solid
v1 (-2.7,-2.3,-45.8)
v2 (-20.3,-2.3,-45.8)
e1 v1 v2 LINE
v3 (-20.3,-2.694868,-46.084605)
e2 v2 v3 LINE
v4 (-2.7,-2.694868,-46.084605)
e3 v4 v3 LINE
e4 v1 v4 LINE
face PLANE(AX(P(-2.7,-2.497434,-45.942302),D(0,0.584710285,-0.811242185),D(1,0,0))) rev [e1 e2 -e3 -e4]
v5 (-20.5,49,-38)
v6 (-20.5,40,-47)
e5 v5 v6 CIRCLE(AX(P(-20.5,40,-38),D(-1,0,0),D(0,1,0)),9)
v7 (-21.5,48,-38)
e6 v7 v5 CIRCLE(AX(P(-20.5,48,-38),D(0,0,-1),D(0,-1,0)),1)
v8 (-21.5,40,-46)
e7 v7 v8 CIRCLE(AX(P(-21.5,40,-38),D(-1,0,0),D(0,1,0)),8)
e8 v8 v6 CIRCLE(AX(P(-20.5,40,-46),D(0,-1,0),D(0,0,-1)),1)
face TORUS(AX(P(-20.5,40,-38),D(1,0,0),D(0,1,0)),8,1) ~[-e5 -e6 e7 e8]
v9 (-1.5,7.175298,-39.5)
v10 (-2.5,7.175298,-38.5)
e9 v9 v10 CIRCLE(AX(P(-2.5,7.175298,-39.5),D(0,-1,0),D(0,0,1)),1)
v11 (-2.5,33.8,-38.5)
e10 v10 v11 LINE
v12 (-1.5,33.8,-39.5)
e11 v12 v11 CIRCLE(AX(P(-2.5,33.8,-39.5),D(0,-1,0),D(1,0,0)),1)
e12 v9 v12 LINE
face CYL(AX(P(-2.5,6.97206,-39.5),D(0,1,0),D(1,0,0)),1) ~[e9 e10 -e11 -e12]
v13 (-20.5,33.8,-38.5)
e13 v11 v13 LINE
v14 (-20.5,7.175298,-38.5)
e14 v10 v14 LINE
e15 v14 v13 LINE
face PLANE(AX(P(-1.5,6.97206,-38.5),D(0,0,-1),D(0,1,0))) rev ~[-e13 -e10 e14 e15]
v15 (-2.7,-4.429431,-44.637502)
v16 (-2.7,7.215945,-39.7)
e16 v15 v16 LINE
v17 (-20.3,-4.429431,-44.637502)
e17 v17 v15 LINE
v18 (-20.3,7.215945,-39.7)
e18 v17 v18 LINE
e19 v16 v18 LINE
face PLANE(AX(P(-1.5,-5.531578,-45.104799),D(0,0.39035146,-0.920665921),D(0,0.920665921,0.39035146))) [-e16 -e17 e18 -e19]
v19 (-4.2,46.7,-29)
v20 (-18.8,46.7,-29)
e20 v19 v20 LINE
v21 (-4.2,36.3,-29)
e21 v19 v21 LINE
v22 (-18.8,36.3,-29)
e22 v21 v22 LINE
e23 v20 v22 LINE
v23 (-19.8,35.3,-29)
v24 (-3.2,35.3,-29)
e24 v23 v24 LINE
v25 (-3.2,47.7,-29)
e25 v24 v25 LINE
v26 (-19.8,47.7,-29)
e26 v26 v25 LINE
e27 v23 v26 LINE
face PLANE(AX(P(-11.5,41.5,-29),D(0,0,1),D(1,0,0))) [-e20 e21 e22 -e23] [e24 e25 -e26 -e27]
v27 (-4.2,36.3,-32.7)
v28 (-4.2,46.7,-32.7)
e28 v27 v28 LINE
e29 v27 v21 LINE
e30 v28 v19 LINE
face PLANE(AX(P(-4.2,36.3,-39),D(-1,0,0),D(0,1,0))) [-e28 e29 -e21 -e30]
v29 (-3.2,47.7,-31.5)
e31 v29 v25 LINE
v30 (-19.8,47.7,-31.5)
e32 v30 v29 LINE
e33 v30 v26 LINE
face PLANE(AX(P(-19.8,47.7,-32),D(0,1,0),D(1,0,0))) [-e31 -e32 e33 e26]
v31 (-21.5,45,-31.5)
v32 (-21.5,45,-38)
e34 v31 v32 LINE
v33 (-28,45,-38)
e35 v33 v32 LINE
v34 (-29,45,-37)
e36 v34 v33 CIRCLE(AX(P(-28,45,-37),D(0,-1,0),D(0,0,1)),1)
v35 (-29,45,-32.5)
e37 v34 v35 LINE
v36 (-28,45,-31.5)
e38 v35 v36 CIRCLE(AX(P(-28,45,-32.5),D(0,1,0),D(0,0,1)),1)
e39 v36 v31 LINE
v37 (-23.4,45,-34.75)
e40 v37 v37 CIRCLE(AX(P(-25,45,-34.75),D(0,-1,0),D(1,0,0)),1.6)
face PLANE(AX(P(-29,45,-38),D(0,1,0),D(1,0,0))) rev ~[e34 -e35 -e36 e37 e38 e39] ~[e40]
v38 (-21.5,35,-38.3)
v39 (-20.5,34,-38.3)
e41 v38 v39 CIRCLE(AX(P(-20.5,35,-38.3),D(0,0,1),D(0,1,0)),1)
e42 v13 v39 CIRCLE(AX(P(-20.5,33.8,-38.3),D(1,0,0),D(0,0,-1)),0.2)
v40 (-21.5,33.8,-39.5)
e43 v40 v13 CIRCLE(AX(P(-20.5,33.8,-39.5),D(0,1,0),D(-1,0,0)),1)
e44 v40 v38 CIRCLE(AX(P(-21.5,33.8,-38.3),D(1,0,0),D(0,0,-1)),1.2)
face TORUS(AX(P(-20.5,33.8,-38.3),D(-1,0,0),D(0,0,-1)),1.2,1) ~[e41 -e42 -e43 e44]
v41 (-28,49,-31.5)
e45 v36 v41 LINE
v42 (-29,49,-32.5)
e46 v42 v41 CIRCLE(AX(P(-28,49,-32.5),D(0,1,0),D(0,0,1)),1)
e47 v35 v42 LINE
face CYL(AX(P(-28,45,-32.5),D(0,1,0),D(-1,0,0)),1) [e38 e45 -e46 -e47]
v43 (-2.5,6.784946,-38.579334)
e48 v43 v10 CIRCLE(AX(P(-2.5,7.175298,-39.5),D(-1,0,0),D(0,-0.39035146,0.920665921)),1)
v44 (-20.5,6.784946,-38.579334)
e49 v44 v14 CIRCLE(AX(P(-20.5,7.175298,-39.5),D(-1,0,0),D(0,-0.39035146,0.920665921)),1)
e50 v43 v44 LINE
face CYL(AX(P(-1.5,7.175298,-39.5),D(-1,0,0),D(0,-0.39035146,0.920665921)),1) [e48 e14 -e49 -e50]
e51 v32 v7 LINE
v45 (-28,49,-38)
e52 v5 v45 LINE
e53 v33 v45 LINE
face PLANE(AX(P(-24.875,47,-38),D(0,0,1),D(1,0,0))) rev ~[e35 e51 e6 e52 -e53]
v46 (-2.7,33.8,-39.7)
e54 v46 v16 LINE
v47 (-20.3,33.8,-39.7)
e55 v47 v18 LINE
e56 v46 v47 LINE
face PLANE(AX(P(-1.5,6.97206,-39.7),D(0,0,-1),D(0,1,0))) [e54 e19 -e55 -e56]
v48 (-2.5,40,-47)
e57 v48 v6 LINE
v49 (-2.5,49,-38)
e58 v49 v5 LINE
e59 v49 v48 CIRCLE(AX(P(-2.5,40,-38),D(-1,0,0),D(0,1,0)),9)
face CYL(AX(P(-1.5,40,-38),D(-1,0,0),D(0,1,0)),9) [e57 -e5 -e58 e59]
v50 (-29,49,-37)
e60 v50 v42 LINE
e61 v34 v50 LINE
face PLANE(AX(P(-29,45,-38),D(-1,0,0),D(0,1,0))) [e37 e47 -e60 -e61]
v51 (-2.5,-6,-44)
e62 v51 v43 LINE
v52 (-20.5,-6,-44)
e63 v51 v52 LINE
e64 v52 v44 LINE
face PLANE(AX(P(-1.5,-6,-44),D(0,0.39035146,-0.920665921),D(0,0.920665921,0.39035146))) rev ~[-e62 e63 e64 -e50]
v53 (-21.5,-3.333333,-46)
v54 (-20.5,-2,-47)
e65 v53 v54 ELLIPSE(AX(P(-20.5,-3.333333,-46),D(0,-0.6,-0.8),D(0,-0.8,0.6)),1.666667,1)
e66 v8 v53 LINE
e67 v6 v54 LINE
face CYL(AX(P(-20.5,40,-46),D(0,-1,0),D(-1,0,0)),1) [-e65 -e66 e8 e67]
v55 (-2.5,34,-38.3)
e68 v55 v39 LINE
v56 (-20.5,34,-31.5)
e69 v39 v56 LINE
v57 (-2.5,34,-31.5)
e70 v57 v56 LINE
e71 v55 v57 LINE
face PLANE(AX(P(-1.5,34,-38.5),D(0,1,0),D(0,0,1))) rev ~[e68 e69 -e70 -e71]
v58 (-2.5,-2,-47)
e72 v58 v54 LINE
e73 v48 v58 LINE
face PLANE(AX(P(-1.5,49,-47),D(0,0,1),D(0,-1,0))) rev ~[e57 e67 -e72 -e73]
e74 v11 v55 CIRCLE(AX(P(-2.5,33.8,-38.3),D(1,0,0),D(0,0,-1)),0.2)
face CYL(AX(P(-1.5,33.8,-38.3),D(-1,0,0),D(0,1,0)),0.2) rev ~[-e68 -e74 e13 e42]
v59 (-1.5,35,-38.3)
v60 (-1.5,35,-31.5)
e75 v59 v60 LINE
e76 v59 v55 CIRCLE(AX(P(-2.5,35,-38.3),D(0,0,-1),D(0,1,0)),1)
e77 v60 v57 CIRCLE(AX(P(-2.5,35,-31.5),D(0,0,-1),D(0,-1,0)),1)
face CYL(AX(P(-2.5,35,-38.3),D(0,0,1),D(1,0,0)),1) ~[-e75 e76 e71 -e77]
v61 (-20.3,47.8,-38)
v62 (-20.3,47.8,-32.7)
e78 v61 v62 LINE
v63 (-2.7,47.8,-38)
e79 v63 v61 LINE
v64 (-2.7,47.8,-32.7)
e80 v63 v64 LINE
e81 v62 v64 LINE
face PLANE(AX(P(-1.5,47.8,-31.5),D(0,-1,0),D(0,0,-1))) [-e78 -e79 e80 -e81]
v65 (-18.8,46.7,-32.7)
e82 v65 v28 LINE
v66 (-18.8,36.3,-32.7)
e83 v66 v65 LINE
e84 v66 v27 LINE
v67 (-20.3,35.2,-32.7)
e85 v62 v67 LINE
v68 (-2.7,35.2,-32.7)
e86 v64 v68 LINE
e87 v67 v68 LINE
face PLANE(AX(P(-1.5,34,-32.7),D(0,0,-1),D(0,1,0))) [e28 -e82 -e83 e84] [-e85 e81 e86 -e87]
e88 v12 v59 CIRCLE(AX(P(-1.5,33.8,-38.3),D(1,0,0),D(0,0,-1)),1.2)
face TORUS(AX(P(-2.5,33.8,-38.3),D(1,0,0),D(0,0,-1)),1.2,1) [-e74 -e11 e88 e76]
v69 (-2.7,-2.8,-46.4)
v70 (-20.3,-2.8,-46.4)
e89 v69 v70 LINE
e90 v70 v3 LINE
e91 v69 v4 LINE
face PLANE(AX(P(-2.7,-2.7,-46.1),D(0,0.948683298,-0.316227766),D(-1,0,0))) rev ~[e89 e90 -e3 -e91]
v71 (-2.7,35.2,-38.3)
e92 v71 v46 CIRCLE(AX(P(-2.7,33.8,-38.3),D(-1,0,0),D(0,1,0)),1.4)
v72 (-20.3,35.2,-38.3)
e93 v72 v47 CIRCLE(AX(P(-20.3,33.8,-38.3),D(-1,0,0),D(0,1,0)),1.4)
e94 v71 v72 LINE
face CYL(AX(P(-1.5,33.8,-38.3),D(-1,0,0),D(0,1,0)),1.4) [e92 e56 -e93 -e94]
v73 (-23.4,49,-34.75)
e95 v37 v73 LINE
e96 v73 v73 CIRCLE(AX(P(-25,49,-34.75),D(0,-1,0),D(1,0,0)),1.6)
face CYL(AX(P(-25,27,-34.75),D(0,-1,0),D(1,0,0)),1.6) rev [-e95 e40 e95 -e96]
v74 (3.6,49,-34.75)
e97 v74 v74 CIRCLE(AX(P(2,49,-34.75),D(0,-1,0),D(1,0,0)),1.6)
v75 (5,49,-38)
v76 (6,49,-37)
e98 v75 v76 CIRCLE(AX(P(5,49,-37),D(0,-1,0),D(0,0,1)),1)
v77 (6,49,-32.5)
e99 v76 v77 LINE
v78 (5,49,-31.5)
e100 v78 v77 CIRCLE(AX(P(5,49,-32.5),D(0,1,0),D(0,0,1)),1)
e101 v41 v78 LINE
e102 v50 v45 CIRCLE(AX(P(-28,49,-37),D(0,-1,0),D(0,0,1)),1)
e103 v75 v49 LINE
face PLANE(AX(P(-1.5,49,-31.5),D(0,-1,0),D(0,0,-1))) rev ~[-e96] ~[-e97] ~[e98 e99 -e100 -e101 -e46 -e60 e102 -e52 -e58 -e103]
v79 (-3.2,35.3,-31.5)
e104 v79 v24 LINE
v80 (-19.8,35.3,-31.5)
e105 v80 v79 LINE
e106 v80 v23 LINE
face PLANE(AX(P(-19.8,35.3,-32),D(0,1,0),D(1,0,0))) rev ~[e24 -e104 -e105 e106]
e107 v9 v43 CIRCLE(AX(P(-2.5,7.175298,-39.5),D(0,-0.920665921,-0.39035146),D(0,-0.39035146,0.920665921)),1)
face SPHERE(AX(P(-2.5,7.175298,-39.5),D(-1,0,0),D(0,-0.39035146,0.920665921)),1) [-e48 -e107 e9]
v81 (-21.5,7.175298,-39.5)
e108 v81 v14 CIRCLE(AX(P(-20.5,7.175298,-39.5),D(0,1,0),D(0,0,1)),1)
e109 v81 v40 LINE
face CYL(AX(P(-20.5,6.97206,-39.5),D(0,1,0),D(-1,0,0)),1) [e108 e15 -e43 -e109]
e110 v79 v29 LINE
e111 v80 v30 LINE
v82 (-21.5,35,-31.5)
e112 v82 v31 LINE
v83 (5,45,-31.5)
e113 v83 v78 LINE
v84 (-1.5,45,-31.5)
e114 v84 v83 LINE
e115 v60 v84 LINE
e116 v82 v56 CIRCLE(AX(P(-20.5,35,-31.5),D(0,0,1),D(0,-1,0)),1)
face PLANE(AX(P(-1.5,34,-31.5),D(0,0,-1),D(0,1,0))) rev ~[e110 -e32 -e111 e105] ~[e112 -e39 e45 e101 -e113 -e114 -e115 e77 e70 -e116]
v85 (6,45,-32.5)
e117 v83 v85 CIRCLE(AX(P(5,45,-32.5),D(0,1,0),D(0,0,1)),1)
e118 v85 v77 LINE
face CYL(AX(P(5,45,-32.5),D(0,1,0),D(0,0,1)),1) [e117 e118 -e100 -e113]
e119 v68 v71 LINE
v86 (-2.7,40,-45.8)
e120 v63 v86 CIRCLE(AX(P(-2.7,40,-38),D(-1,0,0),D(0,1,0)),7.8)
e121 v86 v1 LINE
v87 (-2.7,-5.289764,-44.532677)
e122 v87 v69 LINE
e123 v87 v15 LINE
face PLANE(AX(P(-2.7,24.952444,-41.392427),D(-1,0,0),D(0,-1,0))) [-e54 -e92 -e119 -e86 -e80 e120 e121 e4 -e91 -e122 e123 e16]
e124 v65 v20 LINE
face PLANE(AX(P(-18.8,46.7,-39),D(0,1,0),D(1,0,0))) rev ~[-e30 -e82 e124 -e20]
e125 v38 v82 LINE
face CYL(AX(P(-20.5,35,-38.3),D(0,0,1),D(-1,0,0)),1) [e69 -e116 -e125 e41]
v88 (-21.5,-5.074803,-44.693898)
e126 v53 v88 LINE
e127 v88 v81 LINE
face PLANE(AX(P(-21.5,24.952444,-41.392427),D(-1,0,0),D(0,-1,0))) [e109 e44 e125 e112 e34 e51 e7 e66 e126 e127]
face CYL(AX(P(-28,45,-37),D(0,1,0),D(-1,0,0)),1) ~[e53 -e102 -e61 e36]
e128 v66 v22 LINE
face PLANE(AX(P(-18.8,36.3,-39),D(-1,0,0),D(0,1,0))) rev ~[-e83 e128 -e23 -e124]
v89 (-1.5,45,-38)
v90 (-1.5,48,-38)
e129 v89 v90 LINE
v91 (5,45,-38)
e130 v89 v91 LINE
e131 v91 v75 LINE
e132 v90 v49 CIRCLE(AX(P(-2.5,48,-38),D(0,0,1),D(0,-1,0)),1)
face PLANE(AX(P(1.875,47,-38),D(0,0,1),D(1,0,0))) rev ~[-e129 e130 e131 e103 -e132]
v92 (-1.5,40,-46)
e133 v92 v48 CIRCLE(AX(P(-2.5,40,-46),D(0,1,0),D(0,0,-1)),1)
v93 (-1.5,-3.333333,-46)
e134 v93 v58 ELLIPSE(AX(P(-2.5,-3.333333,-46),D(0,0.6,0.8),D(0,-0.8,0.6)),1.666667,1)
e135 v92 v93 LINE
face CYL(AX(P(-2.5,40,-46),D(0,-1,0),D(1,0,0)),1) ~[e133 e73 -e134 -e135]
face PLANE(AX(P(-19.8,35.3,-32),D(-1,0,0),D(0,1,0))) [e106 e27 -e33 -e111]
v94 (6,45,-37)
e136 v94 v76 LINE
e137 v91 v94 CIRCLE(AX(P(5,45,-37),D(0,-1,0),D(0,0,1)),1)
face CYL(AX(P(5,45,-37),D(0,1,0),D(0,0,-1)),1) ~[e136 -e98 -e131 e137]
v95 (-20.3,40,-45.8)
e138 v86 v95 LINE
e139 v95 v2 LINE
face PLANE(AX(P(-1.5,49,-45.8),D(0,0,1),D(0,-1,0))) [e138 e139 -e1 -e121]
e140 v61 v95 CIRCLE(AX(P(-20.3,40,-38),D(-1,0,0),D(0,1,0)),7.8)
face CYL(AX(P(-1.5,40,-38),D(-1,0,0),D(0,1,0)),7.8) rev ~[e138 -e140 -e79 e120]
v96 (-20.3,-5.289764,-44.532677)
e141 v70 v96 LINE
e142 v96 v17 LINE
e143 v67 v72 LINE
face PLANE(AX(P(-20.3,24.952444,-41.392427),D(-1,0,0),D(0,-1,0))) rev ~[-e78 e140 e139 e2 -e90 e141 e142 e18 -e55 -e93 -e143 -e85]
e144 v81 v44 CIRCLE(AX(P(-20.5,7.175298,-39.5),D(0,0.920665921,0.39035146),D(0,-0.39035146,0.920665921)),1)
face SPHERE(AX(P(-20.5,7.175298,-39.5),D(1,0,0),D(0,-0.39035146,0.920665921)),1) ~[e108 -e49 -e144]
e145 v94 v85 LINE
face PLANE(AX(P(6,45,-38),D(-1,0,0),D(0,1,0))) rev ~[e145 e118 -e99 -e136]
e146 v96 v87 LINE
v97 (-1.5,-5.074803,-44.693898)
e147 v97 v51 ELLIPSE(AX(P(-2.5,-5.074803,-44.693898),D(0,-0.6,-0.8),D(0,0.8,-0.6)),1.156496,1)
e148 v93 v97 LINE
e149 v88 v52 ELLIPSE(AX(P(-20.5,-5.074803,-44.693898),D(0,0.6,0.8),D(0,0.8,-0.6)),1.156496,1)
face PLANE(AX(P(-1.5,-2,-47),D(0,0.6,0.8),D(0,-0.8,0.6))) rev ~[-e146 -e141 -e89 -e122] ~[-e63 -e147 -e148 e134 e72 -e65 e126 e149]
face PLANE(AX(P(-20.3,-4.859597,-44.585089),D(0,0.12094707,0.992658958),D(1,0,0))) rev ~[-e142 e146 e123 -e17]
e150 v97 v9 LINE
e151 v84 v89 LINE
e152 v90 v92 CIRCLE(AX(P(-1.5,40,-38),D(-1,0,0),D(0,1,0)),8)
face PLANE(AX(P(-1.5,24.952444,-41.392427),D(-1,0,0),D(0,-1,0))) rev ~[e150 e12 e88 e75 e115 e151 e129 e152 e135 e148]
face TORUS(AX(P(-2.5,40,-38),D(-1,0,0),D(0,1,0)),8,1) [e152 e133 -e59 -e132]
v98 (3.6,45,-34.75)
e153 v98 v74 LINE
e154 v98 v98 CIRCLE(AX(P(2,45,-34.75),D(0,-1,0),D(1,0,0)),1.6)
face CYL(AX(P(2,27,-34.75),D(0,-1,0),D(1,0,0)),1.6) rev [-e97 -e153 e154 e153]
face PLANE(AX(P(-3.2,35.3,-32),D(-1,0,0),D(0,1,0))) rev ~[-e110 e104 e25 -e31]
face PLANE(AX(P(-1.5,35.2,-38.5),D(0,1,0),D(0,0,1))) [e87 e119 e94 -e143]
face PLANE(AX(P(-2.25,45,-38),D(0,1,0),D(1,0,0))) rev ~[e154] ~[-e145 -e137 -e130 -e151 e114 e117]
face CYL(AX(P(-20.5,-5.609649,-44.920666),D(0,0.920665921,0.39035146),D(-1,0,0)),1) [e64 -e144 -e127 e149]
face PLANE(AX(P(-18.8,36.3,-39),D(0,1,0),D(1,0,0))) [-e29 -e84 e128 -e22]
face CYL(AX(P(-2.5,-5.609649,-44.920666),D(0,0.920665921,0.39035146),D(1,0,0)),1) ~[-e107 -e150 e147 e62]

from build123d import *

# Parameters (mm, degrees)
CYLINDER037_R          = 1.6
CYLINDER037_DEPTH      = 30
CYLINDER037_ROLL_ANGLE = -90
CYLINDER036_R          = 1.6
CYLINDER036_DEPTH      = 30
CYLINDER036_ROLL_ANGLE = -90
BOX034_W               = 8.25
BOX034_H               = 4
BOX034_DEPTH           = 6.5
BOX035_W               = 8.25
BOX035_H               = 4
BOX035_DEPTH           = 6.5
FILLET028_R            = 1
BOX037_W               = 14.6
BOX037_H               = 10.4
BOX037_DEPTH           = 12
BOX036_W               = 16.6
BOX036_H               = 12.4
BOX036_DEPTH           = 3
PAD012_DEPTH           = 20
FILLET029_1_R          = 9
FILLET029_2_R          = 0.2
THICKNESS001_T         = -1.2
CHAMFER009_1_SIZE      = 1
CHAMFER009_2_SIZE      = 0.5
FILLET030_R            = 1
CHAMFER010_SIZE        = 0.3


with BuildPart() as cylinder037:
    # Cylinder037 → Cylinder037 (new body)
    with BuildSketch(Plane.XY):
        Circle(CYLINDER037_R)
    extrude(amount=CYLINDER037_DEPTH)


with BuildPart() as cylinder037_1:
    # Cylinder037 roll: moved
    add(cylinder037.part.rotate(Axis((0, 0, 0), (1, 0, 0)), CYLINDER037_ROLL_ANGLE))


with BuildPart() as cylinder037_2:
    # Cylinder037 placement: moved
    add(cylinder037_1.part.moved(Location((-25, 27, -34.75))))


with BuildPart() as fusion033:
    # Cylinder036 → Cylinder036 (new body)
    with BuildSketch(Plane.XY):
        Circle(CYLINDER036_R)
    extrude(amount=CYLINDER036_DEPTH)


with BuildPart() as fusion033_1:
    # Cylinder036 roll: moved
    add(fusion033.part.rotate(Axis((0, 0, 0), (1, 0, 0)), CYLINDER036_ROLL_ANGLE))


with BuildPart() as fusion033_2:
    # Cylinder036 placement: moved
    add(fusion033_1.part.moved(Location((2, 27, -34.75))))

    # Fusion033: union Cylinder037
    add(cylinder037_2.part)


with BuildPart() as cube034:
    # Box034 → Box034 (new body)
    with BuildSketch(Plane(origin=(-29, 45, -38), x_dir=(1, 0, 0), z_dir=(0, 0, 1))):
        with Locations((4.125, 2)):
            Rectangle(BOX034_W, BOX034_H)
    extrude(amount=BOX034_DEPTH)


with BuildPart() as fillet028:
    # Box035 → Box035 (new body)
    with BuildSketch(Plane(origin=(-2.25, 45, -38), x_dir=(1, 0, 0), z_dir=(0, 0, 1))):
        with Locations((4.125, 2)):
            Rectangle(BOX035_W, BOX035_H)
    extrude(amount=BOX035_DEPTH)

    # Fusion032: union Cube034
    add(cube034.part)

    # Cut039: cut Fusion033
    add(fusion033_2.part, mode=Mode.SUBTRACT)

    # Fillet028
    fillet028_edges = [fillet028.edges().sort_by_distance(p)[0] for p in [
        (6, 47, -31.5),
        (6, 47, -38),
        (-29, 47, -31.5),
        (-29, 47, -38),
    ]]
    fillet(fillet028_edges, radius=FILLET028_R)


with BuildPart() as cube037:
    # Box037 → Box037 (new body)
    with BuildSketch(Plane(origin=(-18.8, 36.3, -39), x_dir=(1, 0, 0), z_dir=(0, 0, 1))):
        with Locations((7.3, 5.2)):
            Rectangle(BOX037_W, BOX037_H)
    extrude(amount=BOX037_DEPTH)


with BuildPart() as cube036:
    # Box036 → Box036 (new body)
    with BuildSketch(Plane(origin=(-19.8, 35.3, -32), x_dir=(1, 0, 0), z_dir=(0, 0, 1))):
        with Locations((8.3, 6.2)):
            Rectangle(BOX036_W, BOX036_H)
    extrude(amount=BOX036_DEPTH)


with BuildPart() as chamfer010:
    # Sketch014 → Pad012 (new body)
    with BuildSketch(Plane(origin=(-1.5, 4, 0), x_dir=(0, 1, 0), z_dir=(1, 0, 0))):
        Polygon((-10, -44), (2.97206, -38.5), (30, -38.5), (30, -31.5), (45, -31.5), (45, -47), (-6, -47), align=None)
    extrude(amount=-PAD012_DEPTH)

    # Fillet029 1
    fillet029_1_edges = [chamfer010.edges().sort_by_distance(p)[0] for p in [
        (-11.5, 49, -47),
    ]]
    fillet(fillet029_1_edges, radius=FILLET029_1_R)

    # Fillet029 2
    fillet029_2_edges = [chamfer010.edges().sort_by_distance(p)[0] for p in [
        (-11.5, 34, -38.5),
    ]]
    fillet(fillet029_2_edges, radius=FILLET029_2_R)

    # Thickness001
    thickness001_openings = [chamfer010.faces().sort_by_distance(p)[0] for p in [
        (-11.5, -4, -45.5),
    ]]
    offset(amount=THICKNESS001_T, openings=thickness001_openings)

    # Fusion034: union Cube036
    add(cube036.part)

    # Cut040: cut Cube037
    add(cube037.part, mode=Mode.SUBTRACT)

    # Chamfer009 1
    chamfer009_1_edges = [chamfer010.edges().sort_by_distance(p)[0] for p in [
        (-11.5, -3.6, -45.8),
    ]]
    chamfer(chamfer009_1_edges, length=CHAMFER009_1_SIZE)

    # Chamfer009 2
    chamfer009_2_edges = [chamfer010.edges().sort_by_distance(p)[0] for p in [
        (-11.5, -4.889764, -44.832677),
    ]]
    chamfer(chamfer009_2_edges, length=CHAMFER009_2_SIZE)

    # Fusion035: union Fillet028
    add(fillet028.part)

    # Fillet030
    fillet030_edges = [chamfer010.edges().sort_by_distance(p)[0] for p in [
        (-1.5, 19, -47),
        (-21.5, 19, -47),
        (-1.5, 0.48603, -41.25),
        (-1.5, 20.38603, -38.5),
        (-11.5, 6.97206, -38.5),
        (-21.5, 0.48603, -41.25),
        (-21.5, 20.38603, -38.5),
    ]]
    fillet(fillet030_edges, radius=FILLET030_R)

    # Chamfer010
    chamfer010_edges = [chamfer010.edges().sort_by_distance(p)[0] for p in [
        (-11.5, -2.6, -45.8),
    ]]
    chamfer(chamfer010_edges, length=CHAMFER010_SIZE)


solid = chamfer010.part
